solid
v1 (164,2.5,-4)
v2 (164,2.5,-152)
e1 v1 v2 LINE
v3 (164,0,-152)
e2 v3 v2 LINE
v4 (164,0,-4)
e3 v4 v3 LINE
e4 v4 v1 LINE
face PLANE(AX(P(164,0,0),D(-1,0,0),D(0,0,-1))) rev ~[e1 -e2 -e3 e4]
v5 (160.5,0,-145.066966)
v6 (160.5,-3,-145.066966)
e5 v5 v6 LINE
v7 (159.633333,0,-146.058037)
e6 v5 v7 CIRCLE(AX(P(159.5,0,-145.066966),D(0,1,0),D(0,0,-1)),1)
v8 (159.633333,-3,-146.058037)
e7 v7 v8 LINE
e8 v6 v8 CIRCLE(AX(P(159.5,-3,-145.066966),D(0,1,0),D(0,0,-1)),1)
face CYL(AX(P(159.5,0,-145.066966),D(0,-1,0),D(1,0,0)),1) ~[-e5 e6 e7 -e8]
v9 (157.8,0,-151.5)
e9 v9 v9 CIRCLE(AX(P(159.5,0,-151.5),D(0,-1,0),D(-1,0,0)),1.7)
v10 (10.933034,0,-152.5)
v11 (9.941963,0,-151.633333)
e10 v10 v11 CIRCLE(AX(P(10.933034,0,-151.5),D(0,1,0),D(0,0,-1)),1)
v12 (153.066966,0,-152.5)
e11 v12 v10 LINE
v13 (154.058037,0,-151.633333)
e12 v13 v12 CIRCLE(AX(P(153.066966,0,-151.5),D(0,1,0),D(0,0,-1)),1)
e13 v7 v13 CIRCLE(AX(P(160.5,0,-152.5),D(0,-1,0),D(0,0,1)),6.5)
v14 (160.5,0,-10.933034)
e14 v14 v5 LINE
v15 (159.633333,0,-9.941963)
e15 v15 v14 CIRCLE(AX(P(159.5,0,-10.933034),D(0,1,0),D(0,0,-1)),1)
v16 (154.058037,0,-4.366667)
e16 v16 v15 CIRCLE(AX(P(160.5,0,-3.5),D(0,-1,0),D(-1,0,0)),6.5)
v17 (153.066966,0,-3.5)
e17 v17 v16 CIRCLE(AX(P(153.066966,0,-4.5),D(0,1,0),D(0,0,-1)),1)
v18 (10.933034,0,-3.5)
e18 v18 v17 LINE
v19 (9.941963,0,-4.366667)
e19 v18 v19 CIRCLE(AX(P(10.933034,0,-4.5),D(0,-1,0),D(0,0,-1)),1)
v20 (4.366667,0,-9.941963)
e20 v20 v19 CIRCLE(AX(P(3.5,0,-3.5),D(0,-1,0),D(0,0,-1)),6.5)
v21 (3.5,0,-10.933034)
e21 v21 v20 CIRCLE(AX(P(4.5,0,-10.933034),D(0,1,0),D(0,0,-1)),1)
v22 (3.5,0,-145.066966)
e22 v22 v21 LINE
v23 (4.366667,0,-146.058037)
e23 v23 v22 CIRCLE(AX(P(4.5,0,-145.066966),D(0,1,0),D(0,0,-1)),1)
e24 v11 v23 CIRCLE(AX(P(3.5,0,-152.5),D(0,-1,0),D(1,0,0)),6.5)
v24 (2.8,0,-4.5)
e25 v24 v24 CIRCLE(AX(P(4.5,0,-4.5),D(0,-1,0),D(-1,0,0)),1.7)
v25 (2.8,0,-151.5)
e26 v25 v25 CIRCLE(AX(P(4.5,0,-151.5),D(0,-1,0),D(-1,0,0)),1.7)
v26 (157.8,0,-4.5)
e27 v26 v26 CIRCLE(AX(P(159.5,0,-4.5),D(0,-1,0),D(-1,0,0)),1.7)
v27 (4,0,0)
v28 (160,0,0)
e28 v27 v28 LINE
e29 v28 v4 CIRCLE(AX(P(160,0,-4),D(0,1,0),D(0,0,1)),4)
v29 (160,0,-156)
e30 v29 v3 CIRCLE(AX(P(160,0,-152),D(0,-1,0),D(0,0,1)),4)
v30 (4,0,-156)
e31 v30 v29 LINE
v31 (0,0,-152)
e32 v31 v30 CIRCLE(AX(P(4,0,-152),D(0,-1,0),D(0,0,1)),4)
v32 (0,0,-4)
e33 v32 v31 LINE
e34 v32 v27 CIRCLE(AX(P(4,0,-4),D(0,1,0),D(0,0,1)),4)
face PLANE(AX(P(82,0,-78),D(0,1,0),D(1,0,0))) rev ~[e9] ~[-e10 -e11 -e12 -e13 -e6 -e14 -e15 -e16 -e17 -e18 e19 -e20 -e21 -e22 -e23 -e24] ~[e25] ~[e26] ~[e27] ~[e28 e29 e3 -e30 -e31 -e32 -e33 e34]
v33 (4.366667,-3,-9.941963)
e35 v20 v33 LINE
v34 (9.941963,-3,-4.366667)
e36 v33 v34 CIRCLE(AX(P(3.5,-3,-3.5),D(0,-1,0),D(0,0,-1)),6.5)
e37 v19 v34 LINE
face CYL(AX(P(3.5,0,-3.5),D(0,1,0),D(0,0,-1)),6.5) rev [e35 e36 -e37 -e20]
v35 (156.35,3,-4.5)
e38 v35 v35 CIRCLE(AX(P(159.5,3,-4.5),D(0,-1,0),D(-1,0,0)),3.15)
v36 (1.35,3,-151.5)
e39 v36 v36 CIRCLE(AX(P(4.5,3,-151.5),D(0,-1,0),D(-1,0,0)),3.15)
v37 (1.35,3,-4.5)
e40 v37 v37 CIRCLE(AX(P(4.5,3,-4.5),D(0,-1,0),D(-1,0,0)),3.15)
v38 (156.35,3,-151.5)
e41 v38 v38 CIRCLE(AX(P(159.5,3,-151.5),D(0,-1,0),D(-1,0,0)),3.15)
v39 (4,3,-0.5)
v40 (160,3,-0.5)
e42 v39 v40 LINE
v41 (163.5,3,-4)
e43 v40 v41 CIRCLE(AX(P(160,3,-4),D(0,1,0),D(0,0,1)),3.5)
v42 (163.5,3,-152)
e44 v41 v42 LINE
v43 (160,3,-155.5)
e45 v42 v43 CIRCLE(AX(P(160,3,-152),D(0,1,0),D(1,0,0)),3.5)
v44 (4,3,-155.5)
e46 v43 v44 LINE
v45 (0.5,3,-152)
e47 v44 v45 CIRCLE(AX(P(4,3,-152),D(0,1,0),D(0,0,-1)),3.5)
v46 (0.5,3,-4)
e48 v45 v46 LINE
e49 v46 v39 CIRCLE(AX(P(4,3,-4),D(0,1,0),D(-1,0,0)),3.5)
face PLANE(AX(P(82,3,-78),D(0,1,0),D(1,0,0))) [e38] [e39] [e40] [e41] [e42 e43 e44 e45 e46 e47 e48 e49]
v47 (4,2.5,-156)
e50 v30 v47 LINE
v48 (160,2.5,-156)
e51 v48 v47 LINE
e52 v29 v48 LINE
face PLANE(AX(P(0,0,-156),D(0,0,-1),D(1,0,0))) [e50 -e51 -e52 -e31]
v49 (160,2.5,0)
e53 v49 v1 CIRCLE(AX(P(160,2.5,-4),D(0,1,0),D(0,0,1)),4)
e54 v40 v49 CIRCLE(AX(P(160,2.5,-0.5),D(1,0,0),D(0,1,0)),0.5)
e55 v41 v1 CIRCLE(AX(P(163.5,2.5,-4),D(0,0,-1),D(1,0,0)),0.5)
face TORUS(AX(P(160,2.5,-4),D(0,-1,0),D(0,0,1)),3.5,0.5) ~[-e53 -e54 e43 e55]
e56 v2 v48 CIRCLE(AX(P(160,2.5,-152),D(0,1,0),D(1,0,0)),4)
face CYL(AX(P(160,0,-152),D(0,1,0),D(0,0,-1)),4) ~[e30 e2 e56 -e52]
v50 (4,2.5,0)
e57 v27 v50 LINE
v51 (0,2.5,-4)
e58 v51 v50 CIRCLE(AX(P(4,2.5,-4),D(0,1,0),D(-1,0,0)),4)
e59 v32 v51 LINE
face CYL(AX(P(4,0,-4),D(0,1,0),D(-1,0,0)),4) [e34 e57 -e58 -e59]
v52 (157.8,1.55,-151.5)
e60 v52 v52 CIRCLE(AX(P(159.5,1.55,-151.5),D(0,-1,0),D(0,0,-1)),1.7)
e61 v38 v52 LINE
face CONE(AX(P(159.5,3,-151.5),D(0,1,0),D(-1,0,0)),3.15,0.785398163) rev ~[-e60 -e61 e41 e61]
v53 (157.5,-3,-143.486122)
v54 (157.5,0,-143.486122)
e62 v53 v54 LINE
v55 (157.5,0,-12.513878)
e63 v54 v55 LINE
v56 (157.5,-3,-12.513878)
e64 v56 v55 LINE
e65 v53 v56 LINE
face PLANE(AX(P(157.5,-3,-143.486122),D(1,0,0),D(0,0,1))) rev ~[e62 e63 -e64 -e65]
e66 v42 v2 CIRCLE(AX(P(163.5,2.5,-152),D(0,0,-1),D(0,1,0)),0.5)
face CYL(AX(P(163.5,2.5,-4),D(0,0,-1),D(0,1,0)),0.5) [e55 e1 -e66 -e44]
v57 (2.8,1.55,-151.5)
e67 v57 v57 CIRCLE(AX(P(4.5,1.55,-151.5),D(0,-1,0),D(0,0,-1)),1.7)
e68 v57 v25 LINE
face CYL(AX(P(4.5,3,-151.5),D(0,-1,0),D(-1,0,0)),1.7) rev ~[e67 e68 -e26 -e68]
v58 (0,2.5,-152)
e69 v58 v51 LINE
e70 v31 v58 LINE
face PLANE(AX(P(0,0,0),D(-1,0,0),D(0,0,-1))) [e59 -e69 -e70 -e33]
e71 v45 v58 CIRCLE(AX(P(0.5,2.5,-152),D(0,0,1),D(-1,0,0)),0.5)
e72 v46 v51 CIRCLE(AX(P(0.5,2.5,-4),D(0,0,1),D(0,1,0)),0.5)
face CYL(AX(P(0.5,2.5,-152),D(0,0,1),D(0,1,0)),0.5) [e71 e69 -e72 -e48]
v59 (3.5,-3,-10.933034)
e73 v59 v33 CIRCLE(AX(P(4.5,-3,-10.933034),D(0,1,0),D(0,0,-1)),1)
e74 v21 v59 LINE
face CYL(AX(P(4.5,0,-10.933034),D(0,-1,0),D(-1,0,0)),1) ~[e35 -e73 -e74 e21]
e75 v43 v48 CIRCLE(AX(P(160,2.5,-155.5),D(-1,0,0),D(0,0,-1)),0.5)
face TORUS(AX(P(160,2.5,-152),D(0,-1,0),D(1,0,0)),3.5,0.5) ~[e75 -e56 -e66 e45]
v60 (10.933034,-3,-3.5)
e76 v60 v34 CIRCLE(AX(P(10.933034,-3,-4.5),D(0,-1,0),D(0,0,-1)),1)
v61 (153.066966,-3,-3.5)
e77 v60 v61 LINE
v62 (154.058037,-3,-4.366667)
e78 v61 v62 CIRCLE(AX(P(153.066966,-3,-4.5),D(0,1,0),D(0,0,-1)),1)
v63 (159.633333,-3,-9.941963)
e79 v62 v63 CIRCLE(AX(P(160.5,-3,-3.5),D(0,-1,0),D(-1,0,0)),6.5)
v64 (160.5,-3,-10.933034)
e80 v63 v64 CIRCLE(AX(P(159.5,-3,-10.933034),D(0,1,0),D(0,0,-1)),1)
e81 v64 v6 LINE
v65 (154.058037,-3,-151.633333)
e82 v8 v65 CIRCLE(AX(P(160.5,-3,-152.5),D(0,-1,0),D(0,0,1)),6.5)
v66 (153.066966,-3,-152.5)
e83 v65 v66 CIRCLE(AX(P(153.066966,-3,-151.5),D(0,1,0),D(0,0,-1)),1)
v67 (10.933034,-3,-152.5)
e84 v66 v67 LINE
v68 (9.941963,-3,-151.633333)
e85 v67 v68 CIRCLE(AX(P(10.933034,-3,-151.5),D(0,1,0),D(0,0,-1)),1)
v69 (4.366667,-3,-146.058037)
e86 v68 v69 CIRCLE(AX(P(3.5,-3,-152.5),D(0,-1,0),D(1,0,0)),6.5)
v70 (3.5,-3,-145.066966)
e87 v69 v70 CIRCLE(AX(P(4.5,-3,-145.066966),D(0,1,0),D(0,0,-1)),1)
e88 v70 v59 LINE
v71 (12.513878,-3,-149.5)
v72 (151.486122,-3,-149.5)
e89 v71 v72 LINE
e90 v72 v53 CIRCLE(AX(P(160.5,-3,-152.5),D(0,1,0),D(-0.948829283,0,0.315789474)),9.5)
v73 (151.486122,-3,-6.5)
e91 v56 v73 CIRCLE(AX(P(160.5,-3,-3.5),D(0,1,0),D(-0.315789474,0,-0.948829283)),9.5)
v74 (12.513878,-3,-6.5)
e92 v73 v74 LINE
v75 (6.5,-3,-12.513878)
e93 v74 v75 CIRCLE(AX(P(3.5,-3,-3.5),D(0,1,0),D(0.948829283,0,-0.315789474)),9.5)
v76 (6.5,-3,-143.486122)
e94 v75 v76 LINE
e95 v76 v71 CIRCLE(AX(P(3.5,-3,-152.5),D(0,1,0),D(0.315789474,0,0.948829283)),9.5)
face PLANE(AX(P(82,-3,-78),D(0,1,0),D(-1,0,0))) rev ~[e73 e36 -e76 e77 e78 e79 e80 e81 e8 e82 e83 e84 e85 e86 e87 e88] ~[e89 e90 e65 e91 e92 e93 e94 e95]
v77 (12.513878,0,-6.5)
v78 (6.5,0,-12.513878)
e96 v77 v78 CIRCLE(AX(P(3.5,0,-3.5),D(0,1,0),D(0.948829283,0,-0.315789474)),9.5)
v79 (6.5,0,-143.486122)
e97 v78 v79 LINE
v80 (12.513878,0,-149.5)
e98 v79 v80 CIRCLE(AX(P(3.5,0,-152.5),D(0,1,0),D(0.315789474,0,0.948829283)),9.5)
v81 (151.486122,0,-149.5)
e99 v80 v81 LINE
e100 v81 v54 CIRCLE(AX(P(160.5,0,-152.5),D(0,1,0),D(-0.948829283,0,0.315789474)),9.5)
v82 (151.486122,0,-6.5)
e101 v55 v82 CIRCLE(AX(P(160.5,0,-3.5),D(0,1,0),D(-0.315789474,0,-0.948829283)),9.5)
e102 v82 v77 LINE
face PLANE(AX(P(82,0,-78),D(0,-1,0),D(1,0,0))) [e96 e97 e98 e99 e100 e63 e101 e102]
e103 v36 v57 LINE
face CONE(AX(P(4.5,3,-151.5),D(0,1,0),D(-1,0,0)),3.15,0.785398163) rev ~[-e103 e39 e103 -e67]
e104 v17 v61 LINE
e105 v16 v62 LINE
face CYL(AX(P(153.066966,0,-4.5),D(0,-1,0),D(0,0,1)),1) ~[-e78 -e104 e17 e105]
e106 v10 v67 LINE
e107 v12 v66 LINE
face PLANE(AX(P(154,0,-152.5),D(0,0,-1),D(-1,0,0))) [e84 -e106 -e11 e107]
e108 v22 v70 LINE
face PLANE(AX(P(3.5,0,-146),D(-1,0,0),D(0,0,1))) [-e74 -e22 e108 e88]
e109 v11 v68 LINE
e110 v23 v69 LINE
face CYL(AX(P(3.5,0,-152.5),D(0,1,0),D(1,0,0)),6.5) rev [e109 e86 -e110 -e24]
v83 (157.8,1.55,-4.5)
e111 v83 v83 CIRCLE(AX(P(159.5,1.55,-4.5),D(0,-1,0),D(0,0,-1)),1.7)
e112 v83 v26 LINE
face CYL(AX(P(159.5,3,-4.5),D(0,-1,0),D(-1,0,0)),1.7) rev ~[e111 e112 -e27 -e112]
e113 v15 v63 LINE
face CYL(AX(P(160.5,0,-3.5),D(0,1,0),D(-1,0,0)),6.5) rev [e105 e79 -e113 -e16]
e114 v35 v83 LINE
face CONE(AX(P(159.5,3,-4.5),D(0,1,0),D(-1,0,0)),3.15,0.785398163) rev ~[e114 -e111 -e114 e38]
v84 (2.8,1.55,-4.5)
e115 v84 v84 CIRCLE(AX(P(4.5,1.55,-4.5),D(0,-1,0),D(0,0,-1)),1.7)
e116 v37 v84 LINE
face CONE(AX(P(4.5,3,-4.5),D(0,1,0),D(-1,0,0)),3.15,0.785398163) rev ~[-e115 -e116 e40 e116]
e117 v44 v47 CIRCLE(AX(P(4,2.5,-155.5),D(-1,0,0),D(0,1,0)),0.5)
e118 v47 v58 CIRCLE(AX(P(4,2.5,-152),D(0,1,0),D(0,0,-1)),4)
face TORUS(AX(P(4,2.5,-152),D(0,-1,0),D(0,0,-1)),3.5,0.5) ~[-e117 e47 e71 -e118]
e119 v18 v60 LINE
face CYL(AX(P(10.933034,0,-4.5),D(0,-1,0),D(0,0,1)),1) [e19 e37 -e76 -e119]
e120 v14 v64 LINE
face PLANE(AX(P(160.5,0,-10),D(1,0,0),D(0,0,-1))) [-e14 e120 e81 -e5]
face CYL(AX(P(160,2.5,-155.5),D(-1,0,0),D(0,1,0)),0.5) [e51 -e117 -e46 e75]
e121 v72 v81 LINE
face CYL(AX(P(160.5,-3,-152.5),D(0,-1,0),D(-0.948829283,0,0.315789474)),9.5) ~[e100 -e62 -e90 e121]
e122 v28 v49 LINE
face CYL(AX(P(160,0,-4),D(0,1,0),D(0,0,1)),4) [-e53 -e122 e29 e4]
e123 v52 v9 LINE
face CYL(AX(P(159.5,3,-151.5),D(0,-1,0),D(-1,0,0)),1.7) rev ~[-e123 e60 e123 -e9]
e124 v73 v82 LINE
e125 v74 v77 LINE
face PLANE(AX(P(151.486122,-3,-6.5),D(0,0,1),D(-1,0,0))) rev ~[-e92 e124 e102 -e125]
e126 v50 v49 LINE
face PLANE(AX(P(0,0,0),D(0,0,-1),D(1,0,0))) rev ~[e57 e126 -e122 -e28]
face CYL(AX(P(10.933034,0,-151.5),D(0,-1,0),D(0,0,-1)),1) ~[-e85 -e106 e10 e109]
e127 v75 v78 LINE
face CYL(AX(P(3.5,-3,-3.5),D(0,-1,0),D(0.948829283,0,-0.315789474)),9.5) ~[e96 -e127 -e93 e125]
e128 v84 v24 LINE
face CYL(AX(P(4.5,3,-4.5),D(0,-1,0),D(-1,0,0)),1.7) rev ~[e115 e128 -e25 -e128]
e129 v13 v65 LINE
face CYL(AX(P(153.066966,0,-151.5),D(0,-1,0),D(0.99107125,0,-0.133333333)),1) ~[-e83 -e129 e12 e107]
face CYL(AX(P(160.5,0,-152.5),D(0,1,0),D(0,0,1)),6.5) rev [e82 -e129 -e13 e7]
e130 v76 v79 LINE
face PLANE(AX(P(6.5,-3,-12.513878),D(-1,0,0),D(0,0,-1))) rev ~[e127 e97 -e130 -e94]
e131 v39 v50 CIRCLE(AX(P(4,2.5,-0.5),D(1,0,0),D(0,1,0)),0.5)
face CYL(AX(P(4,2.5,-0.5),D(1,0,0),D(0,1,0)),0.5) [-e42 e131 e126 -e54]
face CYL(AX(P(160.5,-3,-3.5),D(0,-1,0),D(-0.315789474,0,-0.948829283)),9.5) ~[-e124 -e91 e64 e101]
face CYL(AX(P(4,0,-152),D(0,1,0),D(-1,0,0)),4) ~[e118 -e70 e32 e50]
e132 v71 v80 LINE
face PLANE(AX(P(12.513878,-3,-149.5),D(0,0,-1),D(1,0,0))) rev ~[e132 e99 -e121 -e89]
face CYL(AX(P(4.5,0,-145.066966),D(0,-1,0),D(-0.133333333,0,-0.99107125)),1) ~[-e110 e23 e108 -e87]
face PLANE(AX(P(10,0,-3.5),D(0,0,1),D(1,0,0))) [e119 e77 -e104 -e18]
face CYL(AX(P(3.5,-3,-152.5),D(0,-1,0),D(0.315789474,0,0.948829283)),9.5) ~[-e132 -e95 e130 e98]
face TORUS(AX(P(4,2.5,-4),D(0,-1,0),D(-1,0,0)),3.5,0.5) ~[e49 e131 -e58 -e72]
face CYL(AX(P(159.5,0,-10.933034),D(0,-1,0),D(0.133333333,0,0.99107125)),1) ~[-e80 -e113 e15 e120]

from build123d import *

# Parameters (mm, degrees)
SKETCH1_W                                           = 164
SKETCH1_H                                           = 156
BOSS_EXTRUDE1_DEPTH                                 = 3
BOSS_EXTRUDE2_DEPTH                                 = 3
CUT_EXTRUDE1_DEPTH                                  = 3
FILLET1_R                                           = 4
FILLET2_R                                           = 1
CSK_FOR_M3_COUNTERSUNK_FLAT_HEAD_SCREW1_D           = 3.4
CSK_FOR_M3_COUNTERSUNK_FLAT_HEAD_SCREW1_CSINK_D     = 6.3
CSK_FOR_M3_COUNTERSUNK_FLAT_HEAD_SCREW1_CSINK_ANGLE = 90
FILLET3_R                                           = 0.5


with BuildPart() as part:
    # Sketch1 → Boss-Extrude1 (new body)
    with BuildSketch(Plane(origin=(0, 0, 0), x_dir=(1, 0, 0), z_dir=(0, 1, 0))):
        with Locations((82, 78)):
            Rectangle(SKETCH1_W, SKETCH1_H)
    extrude(amount=BOSS_EXTRUDE1_DEPTH)

    # Sketch2 → Boss-Extrude2 (add)
    with BuildSketch(Plane.XZ):
        with BuildLine():
            Line((10, -3.5), (154, -3.5))
            ThreePointArc((154, -3.5), (155.903805922, -8.096194078), (160.5, -10))
            Line((160.5, -10), (160.5, -146))
            ThreePointArc((160.5, -146), (155.903805922, -147.903805922), (154, -152.5))
            Line((154, -152.5), (10, -152.5))
            ThreePointArc((10, -152.5), (8.096194078, -147.903805922), (3.5, -146))
            Line((3.5, -146), (3.5, -10))
            ThreePointArc((3.5, -10), (8.096194078, -8.096194078), (10, -3.5))
        make_face()
    extrude(amount=BOSS_EXTRUDE2_DEPTH)

    # Sketch4 → Cut-Extrude1 (cut)
    with BuildSketch(Plane.XZ.offset(3)):
        with BuildLine():
            Line((151.486121811, -6.5), (12.513878189, -6.5))
            ThreePointArc((12.513878189, -6.5), (10.217514421, -10.217514421), (6.5, -12.513878189))
            Line((6.5, -12.513878189), (6.5, -143.486121811))
            ThreePointArc((6.5, -143.486121811), (10.217514421, -145.782485579), (12.513878189, -149.5))
            Line((12.513878189, -149.5), (151.486121811, -149.5))
            ThreePointArc((151.486121811, -149.5), (153.782485579, -145.782485579), (157.5, -143.486121811))
            Line((157.5, -143.486121811), (157.5, -12.513878189))
            ThreePointArc((157.5, -12.513878189), (153.782485579, -10.217514421), (151.486121811, -6.5))
        make_face()
    extrude(amount=-CUT_EXTRUDE1_DEPTH, mode=Mode.SUBTRACT)

    # Fillet1
    fillet1_edges = [part.edges().sort_by_distance(p)[0] for p in [
        (0, 1.5, -156),
        (164, 1.5, -156),
        (164, 1.5, 0),
        (0, 1.5, 0),
    ]]
    fillet(fillet1_edges, radius=FILLET1_R)

    # Fillet2
    fillet2_edges = [part.edges().sort_by_distance(p)[0] for p in [
        (160.5, -1.5, -10),
        (154, -1.5, -3.5),
        (10, -1.5, -3.5),
        (3.5, -1.5, -10),
        (3.5, -1.5, -146),
        (10, -1.5, -152.5),
        (154, -1.5, -152.5),
        (160.5, -1.5, -146),
    ]]
    fillet(fillet2_edges, radius=FILLET2_R)

    # CSK for M3 Countersunk Flat Head Screw1 (through all)
    with Locations(Plane(origin=(0, 3, 0), x_dir=(1, 0, 0), z_dir=(0, 1, 0))):
        with Locations((159.5, 4.5), (4.5, 4.5), (4.5, 151.5), (159.5, 151.5)):
            CounterSinkHole(CSK_FOR_M3_COUNTERSUNK_FLAT_HEAD_SCREW1_D / 2, CSK_FOR_M3_COUNTERSUNK_FLAT_HEAD_SCREW1_CSINK_D / 2, counter_sink_angle=CSK_FOR_M3_COUNTERSUNK_FLAT_HEAD_SCREW1_CSINK_ANGLE)

    # Fillet3
    fillet3_edges = [part.edges().sort_by_distance(p)[0] for p in [
        (82, 3, 0),
        (0, 3, -78),
        (164, 3, -78),
        (82, 3, -156),
        (162.828427125, 3, -1.171572875),
        (162.828427125, 3, -154.828427125),
        (1.171572875, 3, -154.828427125),
        (1.171572875, 3, -1.171572875),
    ]]
    fillet(fillet3_edges, radius=FILLET3_R)


solid = part.part
